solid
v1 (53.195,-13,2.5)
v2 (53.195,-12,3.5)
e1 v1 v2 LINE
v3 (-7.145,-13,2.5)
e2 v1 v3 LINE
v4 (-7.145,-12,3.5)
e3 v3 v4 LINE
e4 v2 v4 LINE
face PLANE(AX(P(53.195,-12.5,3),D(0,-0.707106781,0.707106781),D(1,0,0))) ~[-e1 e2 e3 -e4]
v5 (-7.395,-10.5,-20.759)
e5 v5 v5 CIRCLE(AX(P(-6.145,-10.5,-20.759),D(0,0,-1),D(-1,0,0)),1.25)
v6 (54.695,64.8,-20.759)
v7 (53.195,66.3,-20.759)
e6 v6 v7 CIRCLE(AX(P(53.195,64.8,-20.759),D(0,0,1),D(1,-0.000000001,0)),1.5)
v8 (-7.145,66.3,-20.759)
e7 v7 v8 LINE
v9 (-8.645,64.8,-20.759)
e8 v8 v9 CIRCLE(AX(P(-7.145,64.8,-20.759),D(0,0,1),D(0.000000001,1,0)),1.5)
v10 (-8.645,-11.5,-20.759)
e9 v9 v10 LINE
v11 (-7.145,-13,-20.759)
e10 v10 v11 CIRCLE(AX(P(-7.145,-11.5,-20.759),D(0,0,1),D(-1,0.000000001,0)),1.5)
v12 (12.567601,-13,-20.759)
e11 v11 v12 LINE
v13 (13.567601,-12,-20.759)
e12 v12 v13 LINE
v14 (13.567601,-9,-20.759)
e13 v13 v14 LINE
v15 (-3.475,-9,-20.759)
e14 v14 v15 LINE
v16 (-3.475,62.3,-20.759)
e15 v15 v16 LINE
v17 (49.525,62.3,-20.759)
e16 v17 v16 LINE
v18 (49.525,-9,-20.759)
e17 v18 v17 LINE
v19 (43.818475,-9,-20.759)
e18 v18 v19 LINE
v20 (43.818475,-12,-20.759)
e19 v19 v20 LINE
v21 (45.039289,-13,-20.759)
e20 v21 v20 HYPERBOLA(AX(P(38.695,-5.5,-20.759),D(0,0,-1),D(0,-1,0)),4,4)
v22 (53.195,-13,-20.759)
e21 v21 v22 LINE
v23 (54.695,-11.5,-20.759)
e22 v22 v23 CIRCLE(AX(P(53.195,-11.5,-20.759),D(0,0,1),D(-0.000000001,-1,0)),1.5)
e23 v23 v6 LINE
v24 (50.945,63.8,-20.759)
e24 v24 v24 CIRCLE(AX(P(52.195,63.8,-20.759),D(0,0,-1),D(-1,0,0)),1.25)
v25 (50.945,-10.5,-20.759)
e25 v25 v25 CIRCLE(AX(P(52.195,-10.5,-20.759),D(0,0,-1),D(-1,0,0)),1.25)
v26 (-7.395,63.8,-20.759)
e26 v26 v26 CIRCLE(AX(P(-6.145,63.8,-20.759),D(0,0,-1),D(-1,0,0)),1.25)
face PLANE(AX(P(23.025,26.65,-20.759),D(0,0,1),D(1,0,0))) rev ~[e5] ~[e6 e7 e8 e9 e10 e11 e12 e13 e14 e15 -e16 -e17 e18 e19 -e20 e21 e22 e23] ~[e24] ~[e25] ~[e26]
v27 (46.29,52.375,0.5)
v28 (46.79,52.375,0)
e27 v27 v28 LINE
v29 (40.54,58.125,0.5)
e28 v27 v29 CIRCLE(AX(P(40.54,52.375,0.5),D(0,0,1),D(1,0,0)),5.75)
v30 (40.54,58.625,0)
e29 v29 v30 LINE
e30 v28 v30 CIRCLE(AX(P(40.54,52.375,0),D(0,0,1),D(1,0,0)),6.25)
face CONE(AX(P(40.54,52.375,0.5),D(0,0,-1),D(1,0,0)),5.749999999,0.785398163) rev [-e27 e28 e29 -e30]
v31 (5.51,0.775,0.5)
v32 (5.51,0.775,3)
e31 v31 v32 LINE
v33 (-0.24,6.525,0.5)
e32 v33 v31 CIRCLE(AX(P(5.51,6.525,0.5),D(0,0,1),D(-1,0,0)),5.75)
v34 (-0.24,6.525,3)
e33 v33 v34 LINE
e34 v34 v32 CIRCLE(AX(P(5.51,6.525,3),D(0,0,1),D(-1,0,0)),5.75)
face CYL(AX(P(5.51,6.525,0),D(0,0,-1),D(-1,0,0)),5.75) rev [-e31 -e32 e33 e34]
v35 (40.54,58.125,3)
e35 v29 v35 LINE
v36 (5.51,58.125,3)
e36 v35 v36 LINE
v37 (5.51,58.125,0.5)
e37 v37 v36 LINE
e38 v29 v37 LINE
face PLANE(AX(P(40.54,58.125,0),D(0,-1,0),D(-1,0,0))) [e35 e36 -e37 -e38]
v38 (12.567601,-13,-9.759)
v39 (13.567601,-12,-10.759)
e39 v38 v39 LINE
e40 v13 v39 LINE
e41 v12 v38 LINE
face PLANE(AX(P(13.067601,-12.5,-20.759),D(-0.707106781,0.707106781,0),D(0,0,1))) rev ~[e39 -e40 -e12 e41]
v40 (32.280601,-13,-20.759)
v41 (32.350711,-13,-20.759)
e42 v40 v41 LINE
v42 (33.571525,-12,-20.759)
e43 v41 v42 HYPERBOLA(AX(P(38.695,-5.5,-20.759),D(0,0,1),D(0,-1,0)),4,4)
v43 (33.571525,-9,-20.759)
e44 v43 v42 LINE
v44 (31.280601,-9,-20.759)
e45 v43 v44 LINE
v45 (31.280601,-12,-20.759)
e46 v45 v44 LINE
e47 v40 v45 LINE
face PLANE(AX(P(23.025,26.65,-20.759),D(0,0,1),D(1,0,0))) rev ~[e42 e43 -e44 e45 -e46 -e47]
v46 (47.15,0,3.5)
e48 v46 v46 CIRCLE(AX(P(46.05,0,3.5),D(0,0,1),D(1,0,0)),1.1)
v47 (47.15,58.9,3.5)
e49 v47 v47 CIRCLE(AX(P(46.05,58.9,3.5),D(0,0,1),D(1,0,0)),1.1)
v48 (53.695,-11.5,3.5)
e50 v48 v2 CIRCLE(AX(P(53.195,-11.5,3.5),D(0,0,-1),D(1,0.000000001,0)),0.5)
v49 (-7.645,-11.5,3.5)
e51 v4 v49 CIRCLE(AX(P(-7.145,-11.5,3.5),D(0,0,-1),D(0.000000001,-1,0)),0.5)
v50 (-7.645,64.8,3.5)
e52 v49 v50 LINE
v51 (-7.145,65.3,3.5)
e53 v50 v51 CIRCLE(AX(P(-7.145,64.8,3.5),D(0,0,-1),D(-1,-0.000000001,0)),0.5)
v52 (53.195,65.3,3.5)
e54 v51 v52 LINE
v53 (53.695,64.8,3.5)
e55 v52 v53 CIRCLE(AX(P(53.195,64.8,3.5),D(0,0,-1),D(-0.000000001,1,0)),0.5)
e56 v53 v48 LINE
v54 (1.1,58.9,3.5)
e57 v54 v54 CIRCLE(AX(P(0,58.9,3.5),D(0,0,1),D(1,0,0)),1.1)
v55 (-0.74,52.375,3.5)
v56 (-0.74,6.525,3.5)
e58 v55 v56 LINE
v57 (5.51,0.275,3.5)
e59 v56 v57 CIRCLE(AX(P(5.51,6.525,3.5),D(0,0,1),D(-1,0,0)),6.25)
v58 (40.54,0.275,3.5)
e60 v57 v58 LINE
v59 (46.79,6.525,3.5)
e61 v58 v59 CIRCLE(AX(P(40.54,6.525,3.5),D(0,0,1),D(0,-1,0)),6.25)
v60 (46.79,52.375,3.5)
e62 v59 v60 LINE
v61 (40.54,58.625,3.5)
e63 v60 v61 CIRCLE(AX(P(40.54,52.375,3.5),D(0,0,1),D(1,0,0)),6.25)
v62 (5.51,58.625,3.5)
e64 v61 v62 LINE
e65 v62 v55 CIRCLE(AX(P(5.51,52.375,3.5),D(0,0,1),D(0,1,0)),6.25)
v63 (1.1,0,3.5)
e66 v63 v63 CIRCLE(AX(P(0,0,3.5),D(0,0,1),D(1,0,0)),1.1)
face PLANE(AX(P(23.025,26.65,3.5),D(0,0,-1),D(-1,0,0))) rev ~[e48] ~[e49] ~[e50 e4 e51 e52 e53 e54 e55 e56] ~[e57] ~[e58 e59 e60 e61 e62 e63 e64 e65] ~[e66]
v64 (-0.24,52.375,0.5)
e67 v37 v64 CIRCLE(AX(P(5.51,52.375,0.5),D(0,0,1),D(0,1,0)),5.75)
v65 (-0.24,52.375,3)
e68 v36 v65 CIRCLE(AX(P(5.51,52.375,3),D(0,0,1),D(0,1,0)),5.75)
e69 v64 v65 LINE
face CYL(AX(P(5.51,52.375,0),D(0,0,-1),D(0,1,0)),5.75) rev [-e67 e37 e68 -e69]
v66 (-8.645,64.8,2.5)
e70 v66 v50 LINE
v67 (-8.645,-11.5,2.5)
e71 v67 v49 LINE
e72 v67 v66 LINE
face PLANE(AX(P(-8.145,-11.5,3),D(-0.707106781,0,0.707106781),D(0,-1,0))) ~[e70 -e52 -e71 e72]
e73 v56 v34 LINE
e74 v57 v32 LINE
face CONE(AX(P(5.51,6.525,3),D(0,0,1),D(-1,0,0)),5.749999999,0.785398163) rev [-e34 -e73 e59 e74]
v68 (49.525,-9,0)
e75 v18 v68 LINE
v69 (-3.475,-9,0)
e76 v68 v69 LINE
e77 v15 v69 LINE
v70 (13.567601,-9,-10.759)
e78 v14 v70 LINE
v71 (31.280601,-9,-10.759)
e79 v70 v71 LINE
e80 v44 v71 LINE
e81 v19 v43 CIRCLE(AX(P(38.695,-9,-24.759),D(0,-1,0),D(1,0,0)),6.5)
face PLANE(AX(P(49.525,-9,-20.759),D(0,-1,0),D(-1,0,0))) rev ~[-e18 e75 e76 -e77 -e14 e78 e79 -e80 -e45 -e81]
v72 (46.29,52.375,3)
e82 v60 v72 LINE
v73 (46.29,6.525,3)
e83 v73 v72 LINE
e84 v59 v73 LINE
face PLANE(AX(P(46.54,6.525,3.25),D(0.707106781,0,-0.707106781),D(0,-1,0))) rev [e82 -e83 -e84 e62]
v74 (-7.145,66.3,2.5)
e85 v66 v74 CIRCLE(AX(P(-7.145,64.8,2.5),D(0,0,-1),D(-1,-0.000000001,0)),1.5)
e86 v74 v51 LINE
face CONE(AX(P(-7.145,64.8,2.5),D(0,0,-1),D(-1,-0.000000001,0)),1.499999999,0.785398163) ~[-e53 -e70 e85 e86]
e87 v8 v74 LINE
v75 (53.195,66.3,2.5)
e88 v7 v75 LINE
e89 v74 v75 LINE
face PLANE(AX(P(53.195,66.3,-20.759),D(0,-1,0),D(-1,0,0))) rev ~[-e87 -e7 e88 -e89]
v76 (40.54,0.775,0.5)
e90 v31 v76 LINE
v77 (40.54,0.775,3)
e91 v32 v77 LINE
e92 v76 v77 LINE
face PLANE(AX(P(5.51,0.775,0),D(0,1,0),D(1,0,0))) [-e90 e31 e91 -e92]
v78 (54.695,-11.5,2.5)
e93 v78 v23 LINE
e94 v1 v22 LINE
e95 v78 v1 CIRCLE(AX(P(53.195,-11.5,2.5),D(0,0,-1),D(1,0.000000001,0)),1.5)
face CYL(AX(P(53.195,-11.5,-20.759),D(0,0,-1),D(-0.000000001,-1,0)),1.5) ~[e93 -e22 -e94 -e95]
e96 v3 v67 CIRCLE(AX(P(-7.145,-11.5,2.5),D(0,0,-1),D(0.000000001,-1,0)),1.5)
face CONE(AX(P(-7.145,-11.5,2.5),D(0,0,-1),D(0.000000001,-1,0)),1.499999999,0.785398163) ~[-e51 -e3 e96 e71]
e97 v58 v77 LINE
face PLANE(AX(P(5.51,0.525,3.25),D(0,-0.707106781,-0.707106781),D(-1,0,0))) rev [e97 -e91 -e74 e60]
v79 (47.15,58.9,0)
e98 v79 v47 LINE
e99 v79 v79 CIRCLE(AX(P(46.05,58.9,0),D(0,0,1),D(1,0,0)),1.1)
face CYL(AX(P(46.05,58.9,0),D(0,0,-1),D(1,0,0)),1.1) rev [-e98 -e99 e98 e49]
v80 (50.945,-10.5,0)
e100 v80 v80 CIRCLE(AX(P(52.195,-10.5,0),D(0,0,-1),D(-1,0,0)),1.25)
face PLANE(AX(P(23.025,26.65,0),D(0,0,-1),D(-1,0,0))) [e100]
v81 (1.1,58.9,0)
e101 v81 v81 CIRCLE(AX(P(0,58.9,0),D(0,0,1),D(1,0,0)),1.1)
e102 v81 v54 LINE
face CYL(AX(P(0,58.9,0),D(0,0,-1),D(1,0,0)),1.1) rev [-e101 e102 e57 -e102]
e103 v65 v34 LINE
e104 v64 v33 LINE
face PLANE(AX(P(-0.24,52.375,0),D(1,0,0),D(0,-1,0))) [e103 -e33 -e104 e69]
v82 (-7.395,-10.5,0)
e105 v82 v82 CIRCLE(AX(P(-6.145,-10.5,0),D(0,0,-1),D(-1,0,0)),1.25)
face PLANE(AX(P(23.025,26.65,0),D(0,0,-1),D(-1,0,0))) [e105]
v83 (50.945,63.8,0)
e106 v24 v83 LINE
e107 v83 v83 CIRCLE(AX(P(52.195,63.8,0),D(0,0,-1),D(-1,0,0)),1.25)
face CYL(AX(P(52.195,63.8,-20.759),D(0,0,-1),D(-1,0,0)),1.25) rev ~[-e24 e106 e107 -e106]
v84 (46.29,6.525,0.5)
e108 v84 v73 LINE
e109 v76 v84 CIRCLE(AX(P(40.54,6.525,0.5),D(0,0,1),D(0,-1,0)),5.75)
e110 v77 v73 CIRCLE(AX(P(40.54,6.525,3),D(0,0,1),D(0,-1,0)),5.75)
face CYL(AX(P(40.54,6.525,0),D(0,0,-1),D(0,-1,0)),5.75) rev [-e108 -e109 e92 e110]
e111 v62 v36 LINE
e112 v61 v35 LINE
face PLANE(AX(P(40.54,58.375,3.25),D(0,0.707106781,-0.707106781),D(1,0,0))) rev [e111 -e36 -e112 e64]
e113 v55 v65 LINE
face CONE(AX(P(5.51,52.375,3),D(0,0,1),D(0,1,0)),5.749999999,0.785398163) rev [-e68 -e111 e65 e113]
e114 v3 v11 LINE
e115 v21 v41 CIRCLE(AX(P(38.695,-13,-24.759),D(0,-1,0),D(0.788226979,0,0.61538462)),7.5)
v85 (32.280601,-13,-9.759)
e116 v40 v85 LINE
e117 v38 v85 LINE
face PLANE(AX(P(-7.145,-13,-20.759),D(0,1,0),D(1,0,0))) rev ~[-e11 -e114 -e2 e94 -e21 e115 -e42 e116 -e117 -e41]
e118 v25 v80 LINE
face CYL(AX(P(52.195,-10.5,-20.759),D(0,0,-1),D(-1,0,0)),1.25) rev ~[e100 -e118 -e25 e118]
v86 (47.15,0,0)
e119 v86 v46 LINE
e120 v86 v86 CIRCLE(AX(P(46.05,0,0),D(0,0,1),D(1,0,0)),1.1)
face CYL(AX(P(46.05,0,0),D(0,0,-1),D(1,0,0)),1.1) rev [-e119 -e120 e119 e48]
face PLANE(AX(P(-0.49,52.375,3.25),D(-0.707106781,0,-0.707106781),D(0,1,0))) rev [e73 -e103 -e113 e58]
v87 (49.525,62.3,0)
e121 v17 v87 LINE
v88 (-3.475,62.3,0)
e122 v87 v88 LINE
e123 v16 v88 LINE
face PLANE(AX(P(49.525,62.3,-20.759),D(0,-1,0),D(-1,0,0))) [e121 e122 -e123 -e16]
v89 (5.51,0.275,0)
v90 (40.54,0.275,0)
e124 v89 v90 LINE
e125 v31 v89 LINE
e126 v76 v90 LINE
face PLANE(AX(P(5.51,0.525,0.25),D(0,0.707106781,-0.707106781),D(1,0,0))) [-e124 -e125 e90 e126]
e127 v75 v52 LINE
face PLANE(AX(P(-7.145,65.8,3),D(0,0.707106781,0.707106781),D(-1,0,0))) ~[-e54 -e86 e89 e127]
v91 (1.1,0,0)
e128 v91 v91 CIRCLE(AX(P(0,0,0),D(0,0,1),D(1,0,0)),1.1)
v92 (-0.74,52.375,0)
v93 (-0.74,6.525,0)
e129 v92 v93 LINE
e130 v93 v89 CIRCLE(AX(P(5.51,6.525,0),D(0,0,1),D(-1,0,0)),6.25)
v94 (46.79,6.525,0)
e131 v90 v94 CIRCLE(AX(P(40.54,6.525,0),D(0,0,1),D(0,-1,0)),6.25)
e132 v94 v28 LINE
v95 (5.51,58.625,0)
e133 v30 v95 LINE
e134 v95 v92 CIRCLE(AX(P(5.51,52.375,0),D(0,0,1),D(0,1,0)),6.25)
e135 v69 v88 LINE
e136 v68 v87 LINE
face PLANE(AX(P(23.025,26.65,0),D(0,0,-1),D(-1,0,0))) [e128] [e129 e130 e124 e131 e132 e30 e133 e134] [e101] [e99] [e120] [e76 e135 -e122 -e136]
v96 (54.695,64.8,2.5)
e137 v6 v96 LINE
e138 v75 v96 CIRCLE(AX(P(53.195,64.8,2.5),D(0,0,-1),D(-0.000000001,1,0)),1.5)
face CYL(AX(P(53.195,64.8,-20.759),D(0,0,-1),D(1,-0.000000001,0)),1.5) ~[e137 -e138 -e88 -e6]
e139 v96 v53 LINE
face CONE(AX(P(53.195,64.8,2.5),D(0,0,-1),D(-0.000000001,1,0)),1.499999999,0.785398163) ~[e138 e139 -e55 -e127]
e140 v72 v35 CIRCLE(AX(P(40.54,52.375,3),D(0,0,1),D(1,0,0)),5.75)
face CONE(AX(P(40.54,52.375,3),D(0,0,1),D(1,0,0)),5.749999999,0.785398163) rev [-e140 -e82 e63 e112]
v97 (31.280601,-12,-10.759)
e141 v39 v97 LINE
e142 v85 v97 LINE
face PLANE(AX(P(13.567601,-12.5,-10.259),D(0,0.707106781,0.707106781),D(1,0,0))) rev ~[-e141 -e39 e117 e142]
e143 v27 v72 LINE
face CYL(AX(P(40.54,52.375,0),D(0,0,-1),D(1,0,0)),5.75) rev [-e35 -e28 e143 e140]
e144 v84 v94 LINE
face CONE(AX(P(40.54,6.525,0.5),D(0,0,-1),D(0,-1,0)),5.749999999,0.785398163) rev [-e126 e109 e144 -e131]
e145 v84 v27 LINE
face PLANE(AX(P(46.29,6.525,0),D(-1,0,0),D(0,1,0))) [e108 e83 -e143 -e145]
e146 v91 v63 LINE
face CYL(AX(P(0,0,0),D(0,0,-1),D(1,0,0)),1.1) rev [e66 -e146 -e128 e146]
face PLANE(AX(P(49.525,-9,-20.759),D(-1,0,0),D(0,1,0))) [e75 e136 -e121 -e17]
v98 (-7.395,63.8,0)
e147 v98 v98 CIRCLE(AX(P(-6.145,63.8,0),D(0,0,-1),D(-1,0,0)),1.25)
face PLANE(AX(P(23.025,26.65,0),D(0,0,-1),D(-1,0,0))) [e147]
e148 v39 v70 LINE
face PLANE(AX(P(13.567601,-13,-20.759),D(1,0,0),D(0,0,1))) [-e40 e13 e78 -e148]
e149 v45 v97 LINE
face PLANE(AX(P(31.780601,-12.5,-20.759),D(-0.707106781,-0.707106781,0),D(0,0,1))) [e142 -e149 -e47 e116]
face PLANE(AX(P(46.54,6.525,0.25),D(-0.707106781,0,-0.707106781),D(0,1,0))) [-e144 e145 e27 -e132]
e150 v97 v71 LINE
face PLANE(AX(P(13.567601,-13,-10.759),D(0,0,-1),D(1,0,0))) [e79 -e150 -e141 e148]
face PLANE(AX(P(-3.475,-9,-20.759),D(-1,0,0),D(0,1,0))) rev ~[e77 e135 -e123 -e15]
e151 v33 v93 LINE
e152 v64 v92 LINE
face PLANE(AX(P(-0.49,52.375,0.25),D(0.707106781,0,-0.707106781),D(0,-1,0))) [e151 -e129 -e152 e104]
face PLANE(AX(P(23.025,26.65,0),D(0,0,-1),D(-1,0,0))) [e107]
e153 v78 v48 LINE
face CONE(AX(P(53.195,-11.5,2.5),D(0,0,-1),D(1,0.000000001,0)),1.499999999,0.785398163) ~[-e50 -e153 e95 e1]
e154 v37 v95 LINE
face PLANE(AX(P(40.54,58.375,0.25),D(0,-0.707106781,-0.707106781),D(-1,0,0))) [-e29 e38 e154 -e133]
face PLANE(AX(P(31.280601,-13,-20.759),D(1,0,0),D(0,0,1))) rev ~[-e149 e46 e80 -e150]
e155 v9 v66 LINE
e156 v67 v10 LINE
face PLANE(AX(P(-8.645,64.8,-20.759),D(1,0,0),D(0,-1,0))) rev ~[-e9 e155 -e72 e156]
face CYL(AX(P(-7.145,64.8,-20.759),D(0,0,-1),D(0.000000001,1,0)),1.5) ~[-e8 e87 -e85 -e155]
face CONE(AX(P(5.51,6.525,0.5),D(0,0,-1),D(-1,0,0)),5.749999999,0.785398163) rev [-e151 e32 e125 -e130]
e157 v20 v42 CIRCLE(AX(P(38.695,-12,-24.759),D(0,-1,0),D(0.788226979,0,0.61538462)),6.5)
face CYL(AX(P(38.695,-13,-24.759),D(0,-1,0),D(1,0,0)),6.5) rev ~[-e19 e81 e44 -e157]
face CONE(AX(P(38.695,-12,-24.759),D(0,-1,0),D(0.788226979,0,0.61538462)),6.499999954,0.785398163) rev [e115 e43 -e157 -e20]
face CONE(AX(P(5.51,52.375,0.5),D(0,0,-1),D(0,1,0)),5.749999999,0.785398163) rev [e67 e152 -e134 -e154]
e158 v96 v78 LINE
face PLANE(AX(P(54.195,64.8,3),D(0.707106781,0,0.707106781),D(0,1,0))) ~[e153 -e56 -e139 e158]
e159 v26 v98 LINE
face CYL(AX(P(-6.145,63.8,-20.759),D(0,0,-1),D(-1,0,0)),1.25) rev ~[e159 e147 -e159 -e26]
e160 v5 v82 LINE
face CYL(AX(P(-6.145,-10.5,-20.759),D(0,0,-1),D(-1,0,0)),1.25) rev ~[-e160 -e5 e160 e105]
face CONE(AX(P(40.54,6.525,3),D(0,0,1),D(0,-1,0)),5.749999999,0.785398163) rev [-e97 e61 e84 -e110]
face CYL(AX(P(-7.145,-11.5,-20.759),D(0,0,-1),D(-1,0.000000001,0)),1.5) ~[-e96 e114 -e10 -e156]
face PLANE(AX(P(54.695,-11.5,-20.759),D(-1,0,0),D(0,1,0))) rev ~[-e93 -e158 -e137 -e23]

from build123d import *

# Parameters (mm, degrees)
SKETCH1_R           = 1.1
BOSS_EXTRUDE1_DEPTH = 3.5
BOSS_EXTRUDE2_START = 20.759
SKETCH2_R           = 1.25
SKETCH2_W           = 53
SKETCH2_H           = 71.3
BOSS_EXTRUDE2_DEPTH = 20.759
SKETCH3_R           = 6.499999954
SKETCH3_W           = 17.713
SKETCH3_H           = 10
CUT_EXTRUDE1_DEPTH  = 10
CHAMFER1_SIZE       = 1
CHAMFER2_SIZE       = 0.5
CHAMFER3_SIZE       = 1


with BuildPart() as part:
    # Sketch1 → Boss-Extrude1 (new body)
    with BuildSketch(Plane.XY):
        with BuildLine():
            Line((-8.645, -11.5), (-8.645, 64.8))
            ThreePointArc((-8.645, 64.8), (-8.205660172, 65.860660172), (-7.145, 66.3))
            Line((-7.145, 66.3), (53.195, 66.3))
            ThreePointArc((53.195, 66.3), (54.255660172, 65.860660172), (54.695, 64.8))
            Line((54.695, 64.8), (54.695, -11.5))
            ThreePointArc((54.695, -11.5), (54.255660172, -12.560660172), (53.195, -13))
            Line((53.195, -13), (-7.145, -13))
            ThreePointArc((-7.145, -13), (-8.205660172, -12.560660172), (-8.645, -11.5))
        make_face()
        Circle(SKETCH1_R, mode=Mode.SUBTRACT)
        with Locations((0, 58.9)):
            Circle(SKETCH1_R, mode=Mode.SUBTRACT)
        with Locations((46.05, 58.9)):
            Circle(SKETCH1_R, mode=Mode.SUBTRACT)
        with Locations((46.05, 0)):
            Circle(SKETCH1_R, mode=Mode.SUBTRACT)
        with BuildLine():
            Line((5.51, 0.775), (40.54, 0.775))
            ThreePointArc((40.54, 0.775), (44.605863992, 2.459136008), (46.29, 6.525))
            Line((46.29, 6.525), (46.29, 52.375))
            ThreePointArc((46.29, 52.375), (44.605863992, 56.440863992), (40.54, 58.125))
            Line((40.54, 58.125), (5.51, 58.125))
            ThreePointArc((5.51, 58.125), (1.444136008, 56.440863992), (-0.24, 52.375))
            Line((-0.24, 52.375), (-0.24, 6.525))
            ThreePointArc((-0.24, 6.525), (1.444136008, 2.459136008), (5.51, 0.775))
        make_face(mode=Mode.SUBTRACT)
    extrude(amount=BOSS_EXTRUDE1_DEPTH)

    # Sketch2 → Boss-Extrude2 (add)
    with BuildSketch(Plane(origin=(0, 0, 0), x_dir=(-1, 0, 0), z_dir=(0, 0, -1)).offset(BOSS_EXTRUDE2_START)):
        with BuildLine():
            Line((-54.695, -11.5), (-54.695, 64.8))
            ThreePointArc((-54.695, 64.8), (-54.255660172, 65.860660172), (-53.195, 66.3))
            Line((-53.195, 66.3), (7.145, 66.3))
            ThreePointArc((7.145, 66.3), (8.205660172, 65.860660172), (8.645, 64.8))
            Line((8.645, 64.8), (8.645, -11.5))
            ThreePointArc((8.645, -11.5), (8.205660172, -12.560660172), (7.145, -13))
            Line((7.145, -13), (-53.195, -13))
            ThreePointArc((-53.195, -13), (-54.255660172, -12.560660172), (-54.695, -11.5))
        make_face()
        with Locations((-52.195, -10.5)):
            Circle(SKETCH2_R, mode=Mode.SUBTRACT)
        with Locations((6.145, -10.5)):
            Circle(SKETCH2_R, mode=Mode.SUBTRACT)
        with Locations((6.145, 63.8)):
            Circle(SKETCH2_R, mode=Mode.SUBTRACT)
        with Locations((-52.195, 63.8)):
            Circle(SKETCH2_R, mode=Mode.SUBTRACT)
        with Locations((-23.025, 26.65)):
            Rectangle(SKETCH2_W, SKETCH2_H, mode=Mode.SUBTRACT)
    extrude(amount=-BOSS_EXTRUDE2_DEPTH)

    # Sketch3 → Cut-Extrude1 (cut)
    with BuildSketch(Plane.XZ.offset(13)):
        with Locations((38.695, -24.759)):
            Circle(SKETCH3_R)
        with Locations((22.424100803, -15.759)):
            Rectangle(SKETCH3_W, SKETCH3_H)
    extrude(amount=-CUT_EXTRUDE1_DEPTH, mode=Mode.SUBTRACT)

    # Chamfer1
    chamfer1_edges = [part.edges().sort_by_distance(p)[0] for p in [
        (54.255660172, -12.560660172, 3.5),
        (54.695, 26.65, 3.5),
        (54.255660172, 65.860660172, 3.5),
        (23.025, 66.3, 3.5),
        (-8.205660172, 65.860660172, 3.5),
        (-8.645, 26.65, 3.5),
        (-8.205660172, -12.560660172, 3.5),
        (23.025, -13, 3.5),
    ]]
    chamfer(chamfer1_edges, length=CHAMFER1_SIZE)

    # Chamfer2
    chamfer2_edges = [part.edges().sort_by_distance(p)[0] for p in [
        (44.605863992, 2.459136008, 0),
        (46.29, 29.45, 0),
        (44.605863992, 56.440863992, 0),
        (23.025, 58.125, 0),
        (1.444136008, 56.440863992, 0),
        (-0.24, 29.45, 0),
        (1.444136008, 2.459136008, 0),
        (23.025, 0.775, 0),
        (44.605863992, 2.459136008, 3.5),
        (46.29, 29.45, 3.5),
        (44.605863992, 56.440863992, 3.5),
        (23.025, 58.125, 3.5),
        (1.444136008, 56.440863992, 3.5),
        (-0.24, 29.45, 3.5),
        (1.444136008, 2.459136008, 3.5),
        (23.025, 0.775, 3.5),
    ]]
    chamfer(chamfer2_edges, length=CHAMFER2_SIZE)

    # Chamfer3
    chamfer3_edges = [part.edges().sort_by_distance(p)[0] for p in [
        (38.695, -13, -18.259000046),
        (13.567600803, -13, -15.759),
        (31.280600803, -13, -15.759),
        (22.424100803, -13, -10.759),
    ]]
    chamfer(chamfer3_edges, length=CHAMFER3_SIZE)


solid = part.part
